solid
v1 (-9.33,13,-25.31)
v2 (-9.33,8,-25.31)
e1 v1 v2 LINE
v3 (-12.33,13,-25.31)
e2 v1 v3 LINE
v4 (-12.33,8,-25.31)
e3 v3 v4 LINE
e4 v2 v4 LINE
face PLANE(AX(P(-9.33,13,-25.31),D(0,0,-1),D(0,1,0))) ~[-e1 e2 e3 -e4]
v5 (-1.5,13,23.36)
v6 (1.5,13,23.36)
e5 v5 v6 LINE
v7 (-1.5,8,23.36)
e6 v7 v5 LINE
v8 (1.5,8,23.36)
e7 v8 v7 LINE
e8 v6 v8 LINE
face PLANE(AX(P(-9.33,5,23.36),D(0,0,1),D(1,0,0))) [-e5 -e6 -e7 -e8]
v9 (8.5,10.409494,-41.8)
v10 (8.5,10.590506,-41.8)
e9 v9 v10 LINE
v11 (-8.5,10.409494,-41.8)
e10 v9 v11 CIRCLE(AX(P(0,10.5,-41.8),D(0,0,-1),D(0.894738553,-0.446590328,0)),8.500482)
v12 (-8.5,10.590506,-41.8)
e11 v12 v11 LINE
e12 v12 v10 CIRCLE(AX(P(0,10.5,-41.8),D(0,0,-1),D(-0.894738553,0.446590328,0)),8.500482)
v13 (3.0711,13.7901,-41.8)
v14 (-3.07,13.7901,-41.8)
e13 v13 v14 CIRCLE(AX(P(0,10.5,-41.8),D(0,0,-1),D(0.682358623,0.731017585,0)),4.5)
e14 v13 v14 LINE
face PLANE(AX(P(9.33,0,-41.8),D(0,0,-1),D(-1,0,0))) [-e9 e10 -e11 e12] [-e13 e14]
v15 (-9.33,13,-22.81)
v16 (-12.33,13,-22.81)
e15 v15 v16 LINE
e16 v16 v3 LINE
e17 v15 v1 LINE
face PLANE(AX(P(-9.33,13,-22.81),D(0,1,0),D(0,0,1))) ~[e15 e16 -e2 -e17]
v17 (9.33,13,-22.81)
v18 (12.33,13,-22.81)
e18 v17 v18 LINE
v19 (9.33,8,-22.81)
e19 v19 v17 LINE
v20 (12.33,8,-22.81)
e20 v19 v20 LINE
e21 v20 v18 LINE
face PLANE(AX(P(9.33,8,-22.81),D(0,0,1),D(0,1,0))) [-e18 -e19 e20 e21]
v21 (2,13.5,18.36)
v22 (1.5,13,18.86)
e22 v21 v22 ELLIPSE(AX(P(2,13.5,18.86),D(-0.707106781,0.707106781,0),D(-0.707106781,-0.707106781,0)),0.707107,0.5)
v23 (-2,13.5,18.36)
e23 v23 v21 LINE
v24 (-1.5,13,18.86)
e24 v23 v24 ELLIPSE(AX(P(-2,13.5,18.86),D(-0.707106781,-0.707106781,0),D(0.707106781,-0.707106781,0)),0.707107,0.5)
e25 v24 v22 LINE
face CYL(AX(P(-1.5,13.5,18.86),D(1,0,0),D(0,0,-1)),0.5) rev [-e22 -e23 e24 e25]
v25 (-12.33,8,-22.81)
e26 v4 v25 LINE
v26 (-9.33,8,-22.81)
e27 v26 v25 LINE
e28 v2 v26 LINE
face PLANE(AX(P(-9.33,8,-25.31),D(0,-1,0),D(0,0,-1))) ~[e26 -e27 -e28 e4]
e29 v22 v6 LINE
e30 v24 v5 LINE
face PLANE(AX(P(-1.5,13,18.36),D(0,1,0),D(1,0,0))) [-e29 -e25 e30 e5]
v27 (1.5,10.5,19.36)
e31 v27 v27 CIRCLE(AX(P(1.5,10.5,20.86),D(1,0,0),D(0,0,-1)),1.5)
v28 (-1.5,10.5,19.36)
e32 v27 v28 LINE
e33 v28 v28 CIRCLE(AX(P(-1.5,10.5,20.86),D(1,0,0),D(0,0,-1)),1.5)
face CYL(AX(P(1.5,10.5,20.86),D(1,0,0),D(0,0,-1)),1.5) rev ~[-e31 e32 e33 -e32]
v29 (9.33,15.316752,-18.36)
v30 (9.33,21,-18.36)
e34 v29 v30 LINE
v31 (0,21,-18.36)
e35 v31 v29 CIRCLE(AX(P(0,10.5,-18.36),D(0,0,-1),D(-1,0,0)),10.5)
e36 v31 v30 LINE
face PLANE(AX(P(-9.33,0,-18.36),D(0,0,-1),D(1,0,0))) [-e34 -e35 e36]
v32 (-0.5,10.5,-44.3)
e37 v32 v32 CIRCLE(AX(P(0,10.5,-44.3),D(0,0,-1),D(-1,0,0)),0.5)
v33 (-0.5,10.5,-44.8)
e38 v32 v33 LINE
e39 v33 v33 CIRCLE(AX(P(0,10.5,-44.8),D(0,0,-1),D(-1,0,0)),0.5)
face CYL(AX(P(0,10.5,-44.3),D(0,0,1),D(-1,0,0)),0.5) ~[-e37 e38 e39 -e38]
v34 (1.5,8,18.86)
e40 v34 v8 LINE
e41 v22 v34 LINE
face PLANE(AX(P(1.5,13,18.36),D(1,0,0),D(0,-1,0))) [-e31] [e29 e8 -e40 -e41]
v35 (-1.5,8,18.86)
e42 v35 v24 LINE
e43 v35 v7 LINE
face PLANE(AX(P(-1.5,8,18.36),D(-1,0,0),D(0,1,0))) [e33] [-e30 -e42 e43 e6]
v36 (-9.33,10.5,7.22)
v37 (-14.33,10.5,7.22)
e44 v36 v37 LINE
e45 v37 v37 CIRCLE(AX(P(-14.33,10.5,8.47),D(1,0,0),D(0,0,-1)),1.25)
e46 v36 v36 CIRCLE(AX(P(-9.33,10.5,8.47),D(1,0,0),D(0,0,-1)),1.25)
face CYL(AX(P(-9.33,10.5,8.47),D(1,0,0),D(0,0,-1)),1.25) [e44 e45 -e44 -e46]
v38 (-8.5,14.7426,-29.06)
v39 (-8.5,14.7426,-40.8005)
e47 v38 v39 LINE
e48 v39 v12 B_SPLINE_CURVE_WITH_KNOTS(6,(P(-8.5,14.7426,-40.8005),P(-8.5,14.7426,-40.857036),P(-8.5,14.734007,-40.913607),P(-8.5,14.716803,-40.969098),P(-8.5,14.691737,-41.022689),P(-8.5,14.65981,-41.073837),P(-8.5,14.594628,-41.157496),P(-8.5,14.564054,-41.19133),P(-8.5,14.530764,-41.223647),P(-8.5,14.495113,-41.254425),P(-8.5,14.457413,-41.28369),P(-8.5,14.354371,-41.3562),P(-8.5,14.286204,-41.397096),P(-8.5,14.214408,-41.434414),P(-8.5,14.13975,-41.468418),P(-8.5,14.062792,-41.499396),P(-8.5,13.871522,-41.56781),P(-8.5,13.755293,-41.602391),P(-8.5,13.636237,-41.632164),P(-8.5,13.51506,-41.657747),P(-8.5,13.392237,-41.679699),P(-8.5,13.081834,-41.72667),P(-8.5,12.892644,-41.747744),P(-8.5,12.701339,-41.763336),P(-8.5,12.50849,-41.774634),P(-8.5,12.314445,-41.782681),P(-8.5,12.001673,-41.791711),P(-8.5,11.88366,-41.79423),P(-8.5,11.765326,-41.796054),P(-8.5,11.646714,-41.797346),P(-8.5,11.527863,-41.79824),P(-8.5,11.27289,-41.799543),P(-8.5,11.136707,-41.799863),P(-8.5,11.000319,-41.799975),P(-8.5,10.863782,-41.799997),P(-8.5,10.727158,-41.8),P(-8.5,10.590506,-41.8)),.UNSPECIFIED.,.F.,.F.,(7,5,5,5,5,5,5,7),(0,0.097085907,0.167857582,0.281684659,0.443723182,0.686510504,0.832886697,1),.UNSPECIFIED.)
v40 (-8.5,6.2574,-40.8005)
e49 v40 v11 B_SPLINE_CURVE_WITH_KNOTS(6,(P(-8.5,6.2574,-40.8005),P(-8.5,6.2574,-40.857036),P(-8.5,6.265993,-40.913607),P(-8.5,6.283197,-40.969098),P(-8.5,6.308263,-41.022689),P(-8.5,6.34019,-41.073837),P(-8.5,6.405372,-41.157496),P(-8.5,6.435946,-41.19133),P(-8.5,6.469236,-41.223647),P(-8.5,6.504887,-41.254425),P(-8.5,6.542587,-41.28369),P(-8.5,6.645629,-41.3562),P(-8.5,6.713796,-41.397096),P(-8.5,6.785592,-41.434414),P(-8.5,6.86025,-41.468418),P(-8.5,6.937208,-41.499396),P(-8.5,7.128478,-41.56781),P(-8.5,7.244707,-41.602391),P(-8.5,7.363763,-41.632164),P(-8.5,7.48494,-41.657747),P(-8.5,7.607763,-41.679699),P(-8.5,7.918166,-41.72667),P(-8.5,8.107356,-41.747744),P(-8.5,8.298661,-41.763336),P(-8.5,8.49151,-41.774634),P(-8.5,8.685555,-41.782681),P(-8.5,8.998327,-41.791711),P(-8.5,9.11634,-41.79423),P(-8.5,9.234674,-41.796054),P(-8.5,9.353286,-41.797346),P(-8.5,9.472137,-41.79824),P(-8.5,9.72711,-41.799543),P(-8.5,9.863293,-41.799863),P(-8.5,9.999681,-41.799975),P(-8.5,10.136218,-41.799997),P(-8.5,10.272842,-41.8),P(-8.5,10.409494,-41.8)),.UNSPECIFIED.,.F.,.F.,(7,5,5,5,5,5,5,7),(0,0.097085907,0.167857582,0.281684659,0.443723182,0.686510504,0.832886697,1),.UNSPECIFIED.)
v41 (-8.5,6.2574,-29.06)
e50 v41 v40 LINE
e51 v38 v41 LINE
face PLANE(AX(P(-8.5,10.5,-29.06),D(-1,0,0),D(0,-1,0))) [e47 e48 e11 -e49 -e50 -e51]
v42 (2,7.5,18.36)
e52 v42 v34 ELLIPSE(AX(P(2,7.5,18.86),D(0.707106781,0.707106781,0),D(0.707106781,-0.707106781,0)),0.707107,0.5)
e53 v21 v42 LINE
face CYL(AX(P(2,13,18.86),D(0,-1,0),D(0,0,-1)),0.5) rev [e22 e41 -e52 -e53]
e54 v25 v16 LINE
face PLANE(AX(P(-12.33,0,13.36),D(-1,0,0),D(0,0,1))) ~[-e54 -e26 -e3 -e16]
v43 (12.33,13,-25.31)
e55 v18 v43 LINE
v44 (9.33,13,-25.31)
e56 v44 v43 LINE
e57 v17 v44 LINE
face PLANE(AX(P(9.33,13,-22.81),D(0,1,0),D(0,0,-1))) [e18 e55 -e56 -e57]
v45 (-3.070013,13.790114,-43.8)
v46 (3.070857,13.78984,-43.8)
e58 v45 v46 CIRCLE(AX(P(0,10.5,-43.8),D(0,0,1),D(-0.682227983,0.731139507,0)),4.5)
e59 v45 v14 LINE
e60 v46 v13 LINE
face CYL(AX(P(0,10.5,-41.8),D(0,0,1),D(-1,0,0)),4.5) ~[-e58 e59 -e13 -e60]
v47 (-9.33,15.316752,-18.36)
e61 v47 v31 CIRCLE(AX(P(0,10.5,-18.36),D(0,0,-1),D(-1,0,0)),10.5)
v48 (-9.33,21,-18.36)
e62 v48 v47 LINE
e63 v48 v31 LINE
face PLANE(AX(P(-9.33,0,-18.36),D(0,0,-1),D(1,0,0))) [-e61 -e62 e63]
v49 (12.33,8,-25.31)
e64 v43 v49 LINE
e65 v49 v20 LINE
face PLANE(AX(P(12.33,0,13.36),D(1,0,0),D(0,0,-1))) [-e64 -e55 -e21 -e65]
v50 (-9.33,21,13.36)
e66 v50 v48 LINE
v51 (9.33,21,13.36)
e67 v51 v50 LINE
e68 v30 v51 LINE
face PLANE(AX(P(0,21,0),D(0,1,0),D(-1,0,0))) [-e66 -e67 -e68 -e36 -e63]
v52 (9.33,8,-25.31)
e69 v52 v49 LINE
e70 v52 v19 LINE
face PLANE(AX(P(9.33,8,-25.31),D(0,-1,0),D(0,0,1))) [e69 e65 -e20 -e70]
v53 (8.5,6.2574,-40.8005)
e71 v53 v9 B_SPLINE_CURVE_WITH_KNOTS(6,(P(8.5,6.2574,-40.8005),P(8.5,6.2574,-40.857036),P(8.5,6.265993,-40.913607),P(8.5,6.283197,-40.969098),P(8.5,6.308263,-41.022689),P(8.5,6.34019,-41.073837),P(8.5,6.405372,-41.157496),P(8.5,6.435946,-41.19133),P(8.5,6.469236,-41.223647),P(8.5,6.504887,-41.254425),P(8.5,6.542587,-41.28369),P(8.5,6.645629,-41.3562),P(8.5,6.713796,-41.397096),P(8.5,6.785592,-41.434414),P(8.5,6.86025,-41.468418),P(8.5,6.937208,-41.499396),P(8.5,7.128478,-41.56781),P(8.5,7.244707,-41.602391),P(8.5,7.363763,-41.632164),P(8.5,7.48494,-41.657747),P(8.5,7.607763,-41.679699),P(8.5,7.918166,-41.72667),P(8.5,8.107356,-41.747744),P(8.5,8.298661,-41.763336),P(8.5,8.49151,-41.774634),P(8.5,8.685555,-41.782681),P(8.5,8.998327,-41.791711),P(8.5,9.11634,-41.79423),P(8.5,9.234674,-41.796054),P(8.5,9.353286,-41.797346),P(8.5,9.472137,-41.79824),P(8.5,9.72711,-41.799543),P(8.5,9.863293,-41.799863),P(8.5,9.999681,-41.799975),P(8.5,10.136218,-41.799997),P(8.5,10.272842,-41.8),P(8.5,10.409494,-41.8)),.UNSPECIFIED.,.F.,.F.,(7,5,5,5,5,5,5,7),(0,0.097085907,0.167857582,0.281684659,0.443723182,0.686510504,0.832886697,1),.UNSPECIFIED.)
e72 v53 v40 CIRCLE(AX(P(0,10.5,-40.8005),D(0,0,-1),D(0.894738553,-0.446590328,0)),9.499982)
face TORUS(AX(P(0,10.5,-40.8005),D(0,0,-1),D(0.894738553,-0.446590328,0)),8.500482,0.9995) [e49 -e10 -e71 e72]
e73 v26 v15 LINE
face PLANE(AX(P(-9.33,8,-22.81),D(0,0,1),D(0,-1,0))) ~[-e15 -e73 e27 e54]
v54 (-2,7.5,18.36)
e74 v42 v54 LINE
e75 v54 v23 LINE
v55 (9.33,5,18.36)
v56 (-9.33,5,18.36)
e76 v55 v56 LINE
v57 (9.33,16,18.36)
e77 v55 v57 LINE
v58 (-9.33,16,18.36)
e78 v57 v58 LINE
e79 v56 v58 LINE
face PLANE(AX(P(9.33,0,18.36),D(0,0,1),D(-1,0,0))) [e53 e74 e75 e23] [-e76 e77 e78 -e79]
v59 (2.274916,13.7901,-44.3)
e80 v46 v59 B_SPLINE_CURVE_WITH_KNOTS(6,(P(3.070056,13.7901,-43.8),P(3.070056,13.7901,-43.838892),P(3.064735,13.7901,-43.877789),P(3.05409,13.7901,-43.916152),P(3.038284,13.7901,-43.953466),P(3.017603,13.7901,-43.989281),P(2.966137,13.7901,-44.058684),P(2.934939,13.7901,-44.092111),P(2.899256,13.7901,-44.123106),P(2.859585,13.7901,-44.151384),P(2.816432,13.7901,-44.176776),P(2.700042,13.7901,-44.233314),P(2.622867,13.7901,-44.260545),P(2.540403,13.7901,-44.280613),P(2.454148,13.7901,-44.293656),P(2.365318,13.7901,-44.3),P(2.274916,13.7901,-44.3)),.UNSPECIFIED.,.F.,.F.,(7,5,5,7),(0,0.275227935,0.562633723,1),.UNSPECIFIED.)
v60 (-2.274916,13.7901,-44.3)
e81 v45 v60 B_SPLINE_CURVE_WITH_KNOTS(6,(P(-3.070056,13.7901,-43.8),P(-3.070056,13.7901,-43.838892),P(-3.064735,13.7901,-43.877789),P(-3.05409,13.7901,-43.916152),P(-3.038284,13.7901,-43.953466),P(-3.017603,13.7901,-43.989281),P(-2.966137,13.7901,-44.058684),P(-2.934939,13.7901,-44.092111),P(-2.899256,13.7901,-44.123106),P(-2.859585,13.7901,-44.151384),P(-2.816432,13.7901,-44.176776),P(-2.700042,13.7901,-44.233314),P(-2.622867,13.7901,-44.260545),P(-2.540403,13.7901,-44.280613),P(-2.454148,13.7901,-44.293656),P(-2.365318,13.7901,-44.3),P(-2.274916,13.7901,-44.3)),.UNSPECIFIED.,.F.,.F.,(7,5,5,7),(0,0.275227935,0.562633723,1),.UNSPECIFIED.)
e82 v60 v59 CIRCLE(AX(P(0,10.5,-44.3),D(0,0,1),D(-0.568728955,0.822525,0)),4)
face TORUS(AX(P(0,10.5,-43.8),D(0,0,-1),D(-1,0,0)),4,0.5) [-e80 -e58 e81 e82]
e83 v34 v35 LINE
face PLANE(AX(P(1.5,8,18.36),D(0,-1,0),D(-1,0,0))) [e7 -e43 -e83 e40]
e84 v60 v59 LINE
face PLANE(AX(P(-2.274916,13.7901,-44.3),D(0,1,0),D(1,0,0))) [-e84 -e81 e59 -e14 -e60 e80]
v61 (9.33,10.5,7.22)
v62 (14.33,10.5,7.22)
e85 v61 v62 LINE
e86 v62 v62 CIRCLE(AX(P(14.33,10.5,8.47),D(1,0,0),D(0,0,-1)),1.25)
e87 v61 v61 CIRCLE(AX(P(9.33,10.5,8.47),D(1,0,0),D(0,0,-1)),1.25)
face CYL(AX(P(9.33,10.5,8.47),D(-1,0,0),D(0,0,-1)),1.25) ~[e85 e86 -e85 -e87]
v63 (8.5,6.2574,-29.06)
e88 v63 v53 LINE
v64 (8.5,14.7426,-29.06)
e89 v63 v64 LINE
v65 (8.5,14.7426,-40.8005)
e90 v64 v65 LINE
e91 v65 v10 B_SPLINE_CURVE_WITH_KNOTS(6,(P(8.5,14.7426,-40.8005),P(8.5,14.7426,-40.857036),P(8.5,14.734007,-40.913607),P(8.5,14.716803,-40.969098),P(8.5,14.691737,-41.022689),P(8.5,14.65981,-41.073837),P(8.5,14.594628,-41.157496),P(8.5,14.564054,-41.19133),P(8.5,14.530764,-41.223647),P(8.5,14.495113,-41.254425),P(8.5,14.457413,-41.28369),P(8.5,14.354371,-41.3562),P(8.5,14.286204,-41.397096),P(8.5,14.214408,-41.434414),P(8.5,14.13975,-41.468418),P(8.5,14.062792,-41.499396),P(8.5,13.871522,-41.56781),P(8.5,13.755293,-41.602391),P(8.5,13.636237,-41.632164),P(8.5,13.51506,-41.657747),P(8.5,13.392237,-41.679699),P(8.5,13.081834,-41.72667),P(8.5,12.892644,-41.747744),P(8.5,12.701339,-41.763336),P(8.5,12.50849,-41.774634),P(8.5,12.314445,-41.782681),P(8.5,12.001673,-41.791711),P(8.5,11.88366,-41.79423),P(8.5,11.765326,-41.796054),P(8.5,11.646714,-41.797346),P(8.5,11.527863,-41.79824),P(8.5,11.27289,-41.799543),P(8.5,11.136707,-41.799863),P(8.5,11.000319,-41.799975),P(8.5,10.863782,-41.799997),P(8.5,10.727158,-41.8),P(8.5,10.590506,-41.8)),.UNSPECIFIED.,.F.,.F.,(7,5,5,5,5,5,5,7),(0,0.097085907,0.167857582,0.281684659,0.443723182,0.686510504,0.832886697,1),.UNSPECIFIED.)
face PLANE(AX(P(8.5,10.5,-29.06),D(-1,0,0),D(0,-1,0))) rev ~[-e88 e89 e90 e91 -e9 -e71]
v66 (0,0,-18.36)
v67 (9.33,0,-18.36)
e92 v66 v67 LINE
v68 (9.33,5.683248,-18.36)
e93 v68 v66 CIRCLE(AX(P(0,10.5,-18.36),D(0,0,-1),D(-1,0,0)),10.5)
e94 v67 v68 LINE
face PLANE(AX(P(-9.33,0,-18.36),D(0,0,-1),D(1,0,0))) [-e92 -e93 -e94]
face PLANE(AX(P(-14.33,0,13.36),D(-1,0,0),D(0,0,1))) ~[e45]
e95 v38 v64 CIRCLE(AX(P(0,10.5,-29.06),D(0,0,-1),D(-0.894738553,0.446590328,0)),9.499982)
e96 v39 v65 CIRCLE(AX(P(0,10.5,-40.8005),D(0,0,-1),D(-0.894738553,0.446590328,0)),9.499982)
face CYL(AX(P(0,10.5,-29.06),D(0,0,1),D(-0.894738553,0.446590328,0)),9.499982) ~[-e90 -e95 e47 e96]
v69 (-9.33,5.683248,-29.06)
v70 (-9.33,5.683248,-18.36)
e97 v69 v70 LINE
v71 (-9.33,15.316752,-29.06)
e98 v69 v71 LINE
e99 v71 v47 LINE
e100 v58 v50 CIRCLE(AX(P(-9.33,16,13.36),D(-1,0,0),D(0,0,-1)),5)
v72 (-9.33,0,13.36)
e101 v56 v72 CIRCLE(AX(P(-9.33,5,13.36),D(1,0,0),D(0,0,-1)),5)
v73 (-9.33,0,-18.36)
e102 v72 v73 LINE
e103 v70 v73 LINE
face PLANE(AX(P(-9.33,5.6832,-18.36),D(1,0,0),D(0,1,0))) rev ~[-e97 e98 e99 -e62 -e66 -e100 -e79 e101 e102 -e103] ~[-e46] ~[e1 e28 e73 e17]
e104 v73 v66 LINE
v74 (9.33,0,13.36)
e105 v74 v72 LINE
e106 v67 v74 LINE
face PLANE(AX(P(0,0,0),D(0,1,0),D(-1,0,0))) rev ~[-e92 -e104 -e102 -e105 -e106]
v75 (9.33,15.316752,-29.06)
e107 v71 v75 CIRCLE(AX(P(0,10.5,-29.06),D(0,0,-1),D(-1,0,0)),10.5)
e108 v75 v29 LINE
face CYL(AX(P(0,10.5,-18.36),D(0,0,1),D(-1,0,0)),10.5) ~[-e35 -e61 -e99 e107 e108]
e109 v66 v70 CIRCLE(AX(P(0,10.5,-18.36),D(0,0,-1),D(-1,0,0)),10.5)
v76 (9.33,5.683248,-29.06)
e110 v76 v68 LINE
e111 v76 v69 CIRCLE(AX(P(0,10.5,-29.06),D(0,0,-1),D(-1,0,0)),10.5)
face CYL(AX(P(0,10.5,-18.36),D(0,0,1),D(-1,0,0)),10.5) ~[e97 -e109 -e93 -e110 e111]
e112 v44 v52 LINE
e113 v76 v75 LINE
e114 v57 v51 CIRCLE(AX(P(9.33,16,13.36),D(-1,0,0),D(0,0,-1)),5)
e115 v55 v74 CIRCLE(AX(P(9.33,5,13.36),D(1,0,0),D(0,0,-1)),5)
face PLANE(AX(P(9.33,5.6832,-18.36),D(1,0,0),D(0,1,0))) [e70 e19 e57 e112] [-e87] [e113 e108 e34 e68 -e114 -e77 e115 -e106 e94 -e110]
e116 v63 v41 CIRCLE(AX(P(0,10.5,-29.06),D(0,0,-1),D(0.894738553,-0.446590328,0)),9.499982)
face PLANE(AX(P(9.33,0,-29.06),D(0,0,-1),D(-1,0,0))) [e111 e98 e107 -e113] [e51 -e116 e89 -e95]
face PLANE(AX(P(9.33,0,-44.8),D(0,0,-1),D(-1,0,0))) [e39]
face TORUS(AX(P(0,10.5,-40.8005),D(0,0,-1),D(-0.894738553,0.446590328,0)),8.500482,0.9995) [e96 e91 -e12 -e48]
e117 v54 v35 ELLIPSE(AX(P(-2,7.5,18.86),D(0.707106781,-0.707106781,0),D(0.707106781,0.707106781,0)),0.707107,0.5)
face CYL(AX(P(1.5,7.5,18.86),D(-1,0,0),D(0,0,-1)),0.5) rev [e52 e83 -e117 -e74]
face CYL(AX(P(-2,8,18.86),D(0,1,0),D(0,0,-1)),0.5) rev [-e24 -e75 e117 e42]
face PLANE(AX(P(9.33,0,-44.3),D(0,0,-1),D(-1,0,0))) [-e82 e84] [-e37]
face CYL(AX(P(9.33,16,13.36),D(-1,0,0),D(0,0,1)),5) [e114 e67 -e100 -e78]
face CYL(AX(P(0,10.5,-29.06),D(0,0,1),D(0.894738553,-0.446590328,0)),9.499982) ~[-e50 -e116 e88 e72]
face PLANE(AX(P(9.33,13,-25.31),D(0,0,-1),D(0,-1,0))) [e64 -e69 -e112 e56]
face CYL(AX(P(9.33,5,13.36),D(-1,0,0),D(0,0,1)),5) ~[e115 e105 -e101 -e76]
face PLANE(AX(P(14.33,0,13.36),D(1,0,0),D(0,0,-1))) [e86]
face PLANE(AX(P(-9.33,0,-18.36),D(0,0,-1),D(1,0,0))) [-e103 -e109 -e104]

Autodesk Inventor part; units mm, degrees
ref_plane "YZ Plane" through (0, 0, 0) normal (1, 0, 0) x (0, 1, 0)
ref_plane "XZ Plane" through (0, 0, 0) normal (0, 1, 0) x (-1, 0, 0)
ref_plane "XY Plane" through (0, 0, 0) normal (0, 0, 1) x (1, 0, 0)
sketch "Sketch1" plane through (0, 0, 0) normal (0, 1, 0) x (-1, 0, 0)
  line L0 (-9.33, 18.36) -> (9.33, 18.36)
  line L1 (9.33, 18.36) -> (9.33, -18.36)
  line L2 (9.33, -18.36) -> (-9.33, -18.36)
  line L3 (-9.33, -18.36) -> (-9.33, 18.36)
  line L4 (9.33, 18.36) -> (-9.33, -18.36) construction
  point P0 (0, 0)
extrude "Extrusion1" add sketch "Sketch1" along normal blind 21
fillet "Fillet1" radius 5 2 edges at (0, 21, 18.36) (0, 0, 18.36)
sketch "Sketch2" plane through (9.33, 0, -18.36) normal (0, 0, -1) x (-1, 0, 0)
  circle A0 centre (9.33, 10.5) radius 10.5
  point P0 (9.33, 0)
extrude "Extrusion2" add sketch "Sketch2" along normal blind 10.7
sketch "Sketch3" plane through (9.33, 0, -18.36) normal (0, 0, 1) x (1, 0, 0)
  line L0 (0, 5.6832) -> (0, 15.3168) projected
  arc A0 (0, 5.6832) -> (0, 15.3168) centre (-9.33, 10.5) ccw projected
  line L1 (-18.66, 5.6832) -> (-18.66, 15.3168) projected
  arc A1 (-18.66, 15.3168) -> (-18.66, 5.6832) centre (-9.33, 10.5) ccw projected
  point P0 (-9.33, 0)
extrude "Extrusion3" cut sketch "Sketch3" against normal blind 10.7
sketch "Sketch4" plane through (9.33, 0, 13.36) normal (1, 0, 0) x (0, 0, -1)
  line L0 (36.17, 13) -> (38.67, 13)
  line L1 (38.67, 13) -> (38.67, 8)
  line L2 (38.67, 8) -> (36.17, 8)
  line L3 (36.17, 8) -> (36.17, 13)
  point P0 (13.36, 0)
extrude "Extrusion4" add sketch "Sketch4" along normal blind 3
mirror "Mirror1" about plane through (0, 0, 0) normal (1, 0, 0) of "Extrusion4"
sketch "Sketch5" plane through (9.33, 0, -29.06) normal (0, 0, -1) x (-1, 0, 0)
  arc A0 (18.66, 15.3168) -> (0, 15.3168) centre (9.33, 10.5) ccw projected
  line L0 (0.83, 10.5) -> (0.83, 14.7426)
  line L1 (0.83, 10.5) -> (0.83, 6.2574)
  line L2 (9.33, 10.5) -> (9.33, 11.5651)
  line L3 (17.83, 10.5) -> (17.83, 14.7426)
  line L4 (17.83, 10.5) -> (17.83, 6.2574)
  arc A1 (17.83, 14.7426) -> (0.83, 14.7426) centre (9.33, 10.5) ccw
  arc A2 (0.83, 6.2574) -> (17.83, 6.2574) centre (9.33, 10.5) ccw
  point P0 (9.33, 0)
  point P1 (0.83, 15.6468)
  point P2 (0.83, 5.1568)
  point P3 (17.83, 15.6468)
  point P4 (17.83, 5.1568)
extrude "Extrusion5" add sketch "Sketch5" along normal blind 12.74
fillet "Fillet2" radius 1 2 edges at (0, 20, -41.8) (0, 1, -41.8)
sketch "Sketch6" plane through (9.33, 0, -41.8) normal (0, 0, -1) x (-1, 0, 0)
  arc A0 (17.83, 10.5) -> (0.83, 10.5) centre (9.33, 10.5) ccw projected
  circle A1 centre (9.33, 10.5) radius 4.5
  point P0 (9.33, 0)
  dimension "d20" = 9
extrude "Extrusion6" add sketch "Sketch6" along normal blind 2.5
fillet "Fillet3" radius 0.5 1 edges at (4.5, 10.5, -44.3)
sketch "Sketch7" plane through (0, 10.5, -44.3) normal (0, 0, -1) x (-1, 0, 0)
  circle A0 centre (0, 0) radius 4 projected
  circle A1 centre (0, 0) radius 4.5 projected
  circle A2 centre (0, 0) radius 4 projected
  line L0 (-3.0711, 4.7099) -> (3.07, 4.7099)
  line L1 (3.07, 4.7099) -> (3.07, 3.2901)
  line L2 (3.07, 3.2901) -> (-3.0711, 3.2901)
  line L3 (-3.0711, 3.2901) -> (-3.0711, 4.7099)
  line L4 (-3.0711, 4.7099) -> (3.07, 3.2901) construction
  line L5 (3.07, 4.7099) -> (-3.0711, 3.2901) construction
  point P0 (0, -10.5)
  point P1 (-0.0005, 4)
extrude "Extrusion7" cut sketch "Sketch7" against normal blind 2.5 contours L2 A0 | A0 L2 A1 | A1 L3 L0 L1 picked at (0.4734, 3.4399) picked at (1.9981, 3.6326)
sketch "Sketch8" plane through (9.33, 0, -44.3) normal (0, 0, -1) x (-1, 0, 0)
  arc A0 (7.0551, 13.7901) -> (11.6049, 13.7901) centre (9.33, 10.5) ccw projected
  circle A1 centre (9.33, 10.5) radius 0.5
  point P0 (9.33, 0)
  dimension "d26" = 1
extrude "Extrusion8" add sketch "Sketch8" along normal blind 0.5
sketch "Sketch9" plane through (-9.33, 5, 18.36) normal (0, 0, 1) x (1, 0, 0)
  line L0 (7.83, 8) -> (10.83, 8)
  line L1 (10.83, 8) -> (10.83, 3)
  line L2 (10.83, 3) -> (7.83, 3)
  line L3 (7.83, 3) -> (7.83, 8)
  line L4 (7.83, 8) -> (10.83, 3) construction
  line L5 (10.83, 8) -> (7.83, 3) construction
  point P0 (9.33, -5)
  point P1 (9.33, 5.5)
  dimension "d29" = 3
  dimension "d30" = 5
extrude "Extrusion9" add sketch "Sketch9" along normal blind 5
sketch "Sketch10" plane through (1.5, 8, 18.36) normal (1, 0, 0) x (0, 0, -1)
  circle A0 centre (-2.5, 2.5) radius 1.5
  point P0 (18.36, -8)
  dimension "d33" = 3
extrude "Extrusion10" cut sketch "Sketch10" against normal blind 5
fillet "Fillet4" radius 0.5 4 edges at (1.5, 10.5, 18.36) (0, 13, 18.36) (-1.5, 10.5, 18.36) (0, 8, 18.36)
sketch "Sketch11" plane through (9.33, 0, 13.36) normal (1, 0, 0) x (0, 0, -1)
  circle A0 centre (4.89, 10.5) radius 1.25
  point P0 (13.36, 0)
extrude "Extrusion11" add sketch "Sketch11" along normal blind 5
mirror "Mirror3" about plane through (0, 0, 0) normal (1, 0, 0) of "Extrusion11"
properties part number "motor_dc"
